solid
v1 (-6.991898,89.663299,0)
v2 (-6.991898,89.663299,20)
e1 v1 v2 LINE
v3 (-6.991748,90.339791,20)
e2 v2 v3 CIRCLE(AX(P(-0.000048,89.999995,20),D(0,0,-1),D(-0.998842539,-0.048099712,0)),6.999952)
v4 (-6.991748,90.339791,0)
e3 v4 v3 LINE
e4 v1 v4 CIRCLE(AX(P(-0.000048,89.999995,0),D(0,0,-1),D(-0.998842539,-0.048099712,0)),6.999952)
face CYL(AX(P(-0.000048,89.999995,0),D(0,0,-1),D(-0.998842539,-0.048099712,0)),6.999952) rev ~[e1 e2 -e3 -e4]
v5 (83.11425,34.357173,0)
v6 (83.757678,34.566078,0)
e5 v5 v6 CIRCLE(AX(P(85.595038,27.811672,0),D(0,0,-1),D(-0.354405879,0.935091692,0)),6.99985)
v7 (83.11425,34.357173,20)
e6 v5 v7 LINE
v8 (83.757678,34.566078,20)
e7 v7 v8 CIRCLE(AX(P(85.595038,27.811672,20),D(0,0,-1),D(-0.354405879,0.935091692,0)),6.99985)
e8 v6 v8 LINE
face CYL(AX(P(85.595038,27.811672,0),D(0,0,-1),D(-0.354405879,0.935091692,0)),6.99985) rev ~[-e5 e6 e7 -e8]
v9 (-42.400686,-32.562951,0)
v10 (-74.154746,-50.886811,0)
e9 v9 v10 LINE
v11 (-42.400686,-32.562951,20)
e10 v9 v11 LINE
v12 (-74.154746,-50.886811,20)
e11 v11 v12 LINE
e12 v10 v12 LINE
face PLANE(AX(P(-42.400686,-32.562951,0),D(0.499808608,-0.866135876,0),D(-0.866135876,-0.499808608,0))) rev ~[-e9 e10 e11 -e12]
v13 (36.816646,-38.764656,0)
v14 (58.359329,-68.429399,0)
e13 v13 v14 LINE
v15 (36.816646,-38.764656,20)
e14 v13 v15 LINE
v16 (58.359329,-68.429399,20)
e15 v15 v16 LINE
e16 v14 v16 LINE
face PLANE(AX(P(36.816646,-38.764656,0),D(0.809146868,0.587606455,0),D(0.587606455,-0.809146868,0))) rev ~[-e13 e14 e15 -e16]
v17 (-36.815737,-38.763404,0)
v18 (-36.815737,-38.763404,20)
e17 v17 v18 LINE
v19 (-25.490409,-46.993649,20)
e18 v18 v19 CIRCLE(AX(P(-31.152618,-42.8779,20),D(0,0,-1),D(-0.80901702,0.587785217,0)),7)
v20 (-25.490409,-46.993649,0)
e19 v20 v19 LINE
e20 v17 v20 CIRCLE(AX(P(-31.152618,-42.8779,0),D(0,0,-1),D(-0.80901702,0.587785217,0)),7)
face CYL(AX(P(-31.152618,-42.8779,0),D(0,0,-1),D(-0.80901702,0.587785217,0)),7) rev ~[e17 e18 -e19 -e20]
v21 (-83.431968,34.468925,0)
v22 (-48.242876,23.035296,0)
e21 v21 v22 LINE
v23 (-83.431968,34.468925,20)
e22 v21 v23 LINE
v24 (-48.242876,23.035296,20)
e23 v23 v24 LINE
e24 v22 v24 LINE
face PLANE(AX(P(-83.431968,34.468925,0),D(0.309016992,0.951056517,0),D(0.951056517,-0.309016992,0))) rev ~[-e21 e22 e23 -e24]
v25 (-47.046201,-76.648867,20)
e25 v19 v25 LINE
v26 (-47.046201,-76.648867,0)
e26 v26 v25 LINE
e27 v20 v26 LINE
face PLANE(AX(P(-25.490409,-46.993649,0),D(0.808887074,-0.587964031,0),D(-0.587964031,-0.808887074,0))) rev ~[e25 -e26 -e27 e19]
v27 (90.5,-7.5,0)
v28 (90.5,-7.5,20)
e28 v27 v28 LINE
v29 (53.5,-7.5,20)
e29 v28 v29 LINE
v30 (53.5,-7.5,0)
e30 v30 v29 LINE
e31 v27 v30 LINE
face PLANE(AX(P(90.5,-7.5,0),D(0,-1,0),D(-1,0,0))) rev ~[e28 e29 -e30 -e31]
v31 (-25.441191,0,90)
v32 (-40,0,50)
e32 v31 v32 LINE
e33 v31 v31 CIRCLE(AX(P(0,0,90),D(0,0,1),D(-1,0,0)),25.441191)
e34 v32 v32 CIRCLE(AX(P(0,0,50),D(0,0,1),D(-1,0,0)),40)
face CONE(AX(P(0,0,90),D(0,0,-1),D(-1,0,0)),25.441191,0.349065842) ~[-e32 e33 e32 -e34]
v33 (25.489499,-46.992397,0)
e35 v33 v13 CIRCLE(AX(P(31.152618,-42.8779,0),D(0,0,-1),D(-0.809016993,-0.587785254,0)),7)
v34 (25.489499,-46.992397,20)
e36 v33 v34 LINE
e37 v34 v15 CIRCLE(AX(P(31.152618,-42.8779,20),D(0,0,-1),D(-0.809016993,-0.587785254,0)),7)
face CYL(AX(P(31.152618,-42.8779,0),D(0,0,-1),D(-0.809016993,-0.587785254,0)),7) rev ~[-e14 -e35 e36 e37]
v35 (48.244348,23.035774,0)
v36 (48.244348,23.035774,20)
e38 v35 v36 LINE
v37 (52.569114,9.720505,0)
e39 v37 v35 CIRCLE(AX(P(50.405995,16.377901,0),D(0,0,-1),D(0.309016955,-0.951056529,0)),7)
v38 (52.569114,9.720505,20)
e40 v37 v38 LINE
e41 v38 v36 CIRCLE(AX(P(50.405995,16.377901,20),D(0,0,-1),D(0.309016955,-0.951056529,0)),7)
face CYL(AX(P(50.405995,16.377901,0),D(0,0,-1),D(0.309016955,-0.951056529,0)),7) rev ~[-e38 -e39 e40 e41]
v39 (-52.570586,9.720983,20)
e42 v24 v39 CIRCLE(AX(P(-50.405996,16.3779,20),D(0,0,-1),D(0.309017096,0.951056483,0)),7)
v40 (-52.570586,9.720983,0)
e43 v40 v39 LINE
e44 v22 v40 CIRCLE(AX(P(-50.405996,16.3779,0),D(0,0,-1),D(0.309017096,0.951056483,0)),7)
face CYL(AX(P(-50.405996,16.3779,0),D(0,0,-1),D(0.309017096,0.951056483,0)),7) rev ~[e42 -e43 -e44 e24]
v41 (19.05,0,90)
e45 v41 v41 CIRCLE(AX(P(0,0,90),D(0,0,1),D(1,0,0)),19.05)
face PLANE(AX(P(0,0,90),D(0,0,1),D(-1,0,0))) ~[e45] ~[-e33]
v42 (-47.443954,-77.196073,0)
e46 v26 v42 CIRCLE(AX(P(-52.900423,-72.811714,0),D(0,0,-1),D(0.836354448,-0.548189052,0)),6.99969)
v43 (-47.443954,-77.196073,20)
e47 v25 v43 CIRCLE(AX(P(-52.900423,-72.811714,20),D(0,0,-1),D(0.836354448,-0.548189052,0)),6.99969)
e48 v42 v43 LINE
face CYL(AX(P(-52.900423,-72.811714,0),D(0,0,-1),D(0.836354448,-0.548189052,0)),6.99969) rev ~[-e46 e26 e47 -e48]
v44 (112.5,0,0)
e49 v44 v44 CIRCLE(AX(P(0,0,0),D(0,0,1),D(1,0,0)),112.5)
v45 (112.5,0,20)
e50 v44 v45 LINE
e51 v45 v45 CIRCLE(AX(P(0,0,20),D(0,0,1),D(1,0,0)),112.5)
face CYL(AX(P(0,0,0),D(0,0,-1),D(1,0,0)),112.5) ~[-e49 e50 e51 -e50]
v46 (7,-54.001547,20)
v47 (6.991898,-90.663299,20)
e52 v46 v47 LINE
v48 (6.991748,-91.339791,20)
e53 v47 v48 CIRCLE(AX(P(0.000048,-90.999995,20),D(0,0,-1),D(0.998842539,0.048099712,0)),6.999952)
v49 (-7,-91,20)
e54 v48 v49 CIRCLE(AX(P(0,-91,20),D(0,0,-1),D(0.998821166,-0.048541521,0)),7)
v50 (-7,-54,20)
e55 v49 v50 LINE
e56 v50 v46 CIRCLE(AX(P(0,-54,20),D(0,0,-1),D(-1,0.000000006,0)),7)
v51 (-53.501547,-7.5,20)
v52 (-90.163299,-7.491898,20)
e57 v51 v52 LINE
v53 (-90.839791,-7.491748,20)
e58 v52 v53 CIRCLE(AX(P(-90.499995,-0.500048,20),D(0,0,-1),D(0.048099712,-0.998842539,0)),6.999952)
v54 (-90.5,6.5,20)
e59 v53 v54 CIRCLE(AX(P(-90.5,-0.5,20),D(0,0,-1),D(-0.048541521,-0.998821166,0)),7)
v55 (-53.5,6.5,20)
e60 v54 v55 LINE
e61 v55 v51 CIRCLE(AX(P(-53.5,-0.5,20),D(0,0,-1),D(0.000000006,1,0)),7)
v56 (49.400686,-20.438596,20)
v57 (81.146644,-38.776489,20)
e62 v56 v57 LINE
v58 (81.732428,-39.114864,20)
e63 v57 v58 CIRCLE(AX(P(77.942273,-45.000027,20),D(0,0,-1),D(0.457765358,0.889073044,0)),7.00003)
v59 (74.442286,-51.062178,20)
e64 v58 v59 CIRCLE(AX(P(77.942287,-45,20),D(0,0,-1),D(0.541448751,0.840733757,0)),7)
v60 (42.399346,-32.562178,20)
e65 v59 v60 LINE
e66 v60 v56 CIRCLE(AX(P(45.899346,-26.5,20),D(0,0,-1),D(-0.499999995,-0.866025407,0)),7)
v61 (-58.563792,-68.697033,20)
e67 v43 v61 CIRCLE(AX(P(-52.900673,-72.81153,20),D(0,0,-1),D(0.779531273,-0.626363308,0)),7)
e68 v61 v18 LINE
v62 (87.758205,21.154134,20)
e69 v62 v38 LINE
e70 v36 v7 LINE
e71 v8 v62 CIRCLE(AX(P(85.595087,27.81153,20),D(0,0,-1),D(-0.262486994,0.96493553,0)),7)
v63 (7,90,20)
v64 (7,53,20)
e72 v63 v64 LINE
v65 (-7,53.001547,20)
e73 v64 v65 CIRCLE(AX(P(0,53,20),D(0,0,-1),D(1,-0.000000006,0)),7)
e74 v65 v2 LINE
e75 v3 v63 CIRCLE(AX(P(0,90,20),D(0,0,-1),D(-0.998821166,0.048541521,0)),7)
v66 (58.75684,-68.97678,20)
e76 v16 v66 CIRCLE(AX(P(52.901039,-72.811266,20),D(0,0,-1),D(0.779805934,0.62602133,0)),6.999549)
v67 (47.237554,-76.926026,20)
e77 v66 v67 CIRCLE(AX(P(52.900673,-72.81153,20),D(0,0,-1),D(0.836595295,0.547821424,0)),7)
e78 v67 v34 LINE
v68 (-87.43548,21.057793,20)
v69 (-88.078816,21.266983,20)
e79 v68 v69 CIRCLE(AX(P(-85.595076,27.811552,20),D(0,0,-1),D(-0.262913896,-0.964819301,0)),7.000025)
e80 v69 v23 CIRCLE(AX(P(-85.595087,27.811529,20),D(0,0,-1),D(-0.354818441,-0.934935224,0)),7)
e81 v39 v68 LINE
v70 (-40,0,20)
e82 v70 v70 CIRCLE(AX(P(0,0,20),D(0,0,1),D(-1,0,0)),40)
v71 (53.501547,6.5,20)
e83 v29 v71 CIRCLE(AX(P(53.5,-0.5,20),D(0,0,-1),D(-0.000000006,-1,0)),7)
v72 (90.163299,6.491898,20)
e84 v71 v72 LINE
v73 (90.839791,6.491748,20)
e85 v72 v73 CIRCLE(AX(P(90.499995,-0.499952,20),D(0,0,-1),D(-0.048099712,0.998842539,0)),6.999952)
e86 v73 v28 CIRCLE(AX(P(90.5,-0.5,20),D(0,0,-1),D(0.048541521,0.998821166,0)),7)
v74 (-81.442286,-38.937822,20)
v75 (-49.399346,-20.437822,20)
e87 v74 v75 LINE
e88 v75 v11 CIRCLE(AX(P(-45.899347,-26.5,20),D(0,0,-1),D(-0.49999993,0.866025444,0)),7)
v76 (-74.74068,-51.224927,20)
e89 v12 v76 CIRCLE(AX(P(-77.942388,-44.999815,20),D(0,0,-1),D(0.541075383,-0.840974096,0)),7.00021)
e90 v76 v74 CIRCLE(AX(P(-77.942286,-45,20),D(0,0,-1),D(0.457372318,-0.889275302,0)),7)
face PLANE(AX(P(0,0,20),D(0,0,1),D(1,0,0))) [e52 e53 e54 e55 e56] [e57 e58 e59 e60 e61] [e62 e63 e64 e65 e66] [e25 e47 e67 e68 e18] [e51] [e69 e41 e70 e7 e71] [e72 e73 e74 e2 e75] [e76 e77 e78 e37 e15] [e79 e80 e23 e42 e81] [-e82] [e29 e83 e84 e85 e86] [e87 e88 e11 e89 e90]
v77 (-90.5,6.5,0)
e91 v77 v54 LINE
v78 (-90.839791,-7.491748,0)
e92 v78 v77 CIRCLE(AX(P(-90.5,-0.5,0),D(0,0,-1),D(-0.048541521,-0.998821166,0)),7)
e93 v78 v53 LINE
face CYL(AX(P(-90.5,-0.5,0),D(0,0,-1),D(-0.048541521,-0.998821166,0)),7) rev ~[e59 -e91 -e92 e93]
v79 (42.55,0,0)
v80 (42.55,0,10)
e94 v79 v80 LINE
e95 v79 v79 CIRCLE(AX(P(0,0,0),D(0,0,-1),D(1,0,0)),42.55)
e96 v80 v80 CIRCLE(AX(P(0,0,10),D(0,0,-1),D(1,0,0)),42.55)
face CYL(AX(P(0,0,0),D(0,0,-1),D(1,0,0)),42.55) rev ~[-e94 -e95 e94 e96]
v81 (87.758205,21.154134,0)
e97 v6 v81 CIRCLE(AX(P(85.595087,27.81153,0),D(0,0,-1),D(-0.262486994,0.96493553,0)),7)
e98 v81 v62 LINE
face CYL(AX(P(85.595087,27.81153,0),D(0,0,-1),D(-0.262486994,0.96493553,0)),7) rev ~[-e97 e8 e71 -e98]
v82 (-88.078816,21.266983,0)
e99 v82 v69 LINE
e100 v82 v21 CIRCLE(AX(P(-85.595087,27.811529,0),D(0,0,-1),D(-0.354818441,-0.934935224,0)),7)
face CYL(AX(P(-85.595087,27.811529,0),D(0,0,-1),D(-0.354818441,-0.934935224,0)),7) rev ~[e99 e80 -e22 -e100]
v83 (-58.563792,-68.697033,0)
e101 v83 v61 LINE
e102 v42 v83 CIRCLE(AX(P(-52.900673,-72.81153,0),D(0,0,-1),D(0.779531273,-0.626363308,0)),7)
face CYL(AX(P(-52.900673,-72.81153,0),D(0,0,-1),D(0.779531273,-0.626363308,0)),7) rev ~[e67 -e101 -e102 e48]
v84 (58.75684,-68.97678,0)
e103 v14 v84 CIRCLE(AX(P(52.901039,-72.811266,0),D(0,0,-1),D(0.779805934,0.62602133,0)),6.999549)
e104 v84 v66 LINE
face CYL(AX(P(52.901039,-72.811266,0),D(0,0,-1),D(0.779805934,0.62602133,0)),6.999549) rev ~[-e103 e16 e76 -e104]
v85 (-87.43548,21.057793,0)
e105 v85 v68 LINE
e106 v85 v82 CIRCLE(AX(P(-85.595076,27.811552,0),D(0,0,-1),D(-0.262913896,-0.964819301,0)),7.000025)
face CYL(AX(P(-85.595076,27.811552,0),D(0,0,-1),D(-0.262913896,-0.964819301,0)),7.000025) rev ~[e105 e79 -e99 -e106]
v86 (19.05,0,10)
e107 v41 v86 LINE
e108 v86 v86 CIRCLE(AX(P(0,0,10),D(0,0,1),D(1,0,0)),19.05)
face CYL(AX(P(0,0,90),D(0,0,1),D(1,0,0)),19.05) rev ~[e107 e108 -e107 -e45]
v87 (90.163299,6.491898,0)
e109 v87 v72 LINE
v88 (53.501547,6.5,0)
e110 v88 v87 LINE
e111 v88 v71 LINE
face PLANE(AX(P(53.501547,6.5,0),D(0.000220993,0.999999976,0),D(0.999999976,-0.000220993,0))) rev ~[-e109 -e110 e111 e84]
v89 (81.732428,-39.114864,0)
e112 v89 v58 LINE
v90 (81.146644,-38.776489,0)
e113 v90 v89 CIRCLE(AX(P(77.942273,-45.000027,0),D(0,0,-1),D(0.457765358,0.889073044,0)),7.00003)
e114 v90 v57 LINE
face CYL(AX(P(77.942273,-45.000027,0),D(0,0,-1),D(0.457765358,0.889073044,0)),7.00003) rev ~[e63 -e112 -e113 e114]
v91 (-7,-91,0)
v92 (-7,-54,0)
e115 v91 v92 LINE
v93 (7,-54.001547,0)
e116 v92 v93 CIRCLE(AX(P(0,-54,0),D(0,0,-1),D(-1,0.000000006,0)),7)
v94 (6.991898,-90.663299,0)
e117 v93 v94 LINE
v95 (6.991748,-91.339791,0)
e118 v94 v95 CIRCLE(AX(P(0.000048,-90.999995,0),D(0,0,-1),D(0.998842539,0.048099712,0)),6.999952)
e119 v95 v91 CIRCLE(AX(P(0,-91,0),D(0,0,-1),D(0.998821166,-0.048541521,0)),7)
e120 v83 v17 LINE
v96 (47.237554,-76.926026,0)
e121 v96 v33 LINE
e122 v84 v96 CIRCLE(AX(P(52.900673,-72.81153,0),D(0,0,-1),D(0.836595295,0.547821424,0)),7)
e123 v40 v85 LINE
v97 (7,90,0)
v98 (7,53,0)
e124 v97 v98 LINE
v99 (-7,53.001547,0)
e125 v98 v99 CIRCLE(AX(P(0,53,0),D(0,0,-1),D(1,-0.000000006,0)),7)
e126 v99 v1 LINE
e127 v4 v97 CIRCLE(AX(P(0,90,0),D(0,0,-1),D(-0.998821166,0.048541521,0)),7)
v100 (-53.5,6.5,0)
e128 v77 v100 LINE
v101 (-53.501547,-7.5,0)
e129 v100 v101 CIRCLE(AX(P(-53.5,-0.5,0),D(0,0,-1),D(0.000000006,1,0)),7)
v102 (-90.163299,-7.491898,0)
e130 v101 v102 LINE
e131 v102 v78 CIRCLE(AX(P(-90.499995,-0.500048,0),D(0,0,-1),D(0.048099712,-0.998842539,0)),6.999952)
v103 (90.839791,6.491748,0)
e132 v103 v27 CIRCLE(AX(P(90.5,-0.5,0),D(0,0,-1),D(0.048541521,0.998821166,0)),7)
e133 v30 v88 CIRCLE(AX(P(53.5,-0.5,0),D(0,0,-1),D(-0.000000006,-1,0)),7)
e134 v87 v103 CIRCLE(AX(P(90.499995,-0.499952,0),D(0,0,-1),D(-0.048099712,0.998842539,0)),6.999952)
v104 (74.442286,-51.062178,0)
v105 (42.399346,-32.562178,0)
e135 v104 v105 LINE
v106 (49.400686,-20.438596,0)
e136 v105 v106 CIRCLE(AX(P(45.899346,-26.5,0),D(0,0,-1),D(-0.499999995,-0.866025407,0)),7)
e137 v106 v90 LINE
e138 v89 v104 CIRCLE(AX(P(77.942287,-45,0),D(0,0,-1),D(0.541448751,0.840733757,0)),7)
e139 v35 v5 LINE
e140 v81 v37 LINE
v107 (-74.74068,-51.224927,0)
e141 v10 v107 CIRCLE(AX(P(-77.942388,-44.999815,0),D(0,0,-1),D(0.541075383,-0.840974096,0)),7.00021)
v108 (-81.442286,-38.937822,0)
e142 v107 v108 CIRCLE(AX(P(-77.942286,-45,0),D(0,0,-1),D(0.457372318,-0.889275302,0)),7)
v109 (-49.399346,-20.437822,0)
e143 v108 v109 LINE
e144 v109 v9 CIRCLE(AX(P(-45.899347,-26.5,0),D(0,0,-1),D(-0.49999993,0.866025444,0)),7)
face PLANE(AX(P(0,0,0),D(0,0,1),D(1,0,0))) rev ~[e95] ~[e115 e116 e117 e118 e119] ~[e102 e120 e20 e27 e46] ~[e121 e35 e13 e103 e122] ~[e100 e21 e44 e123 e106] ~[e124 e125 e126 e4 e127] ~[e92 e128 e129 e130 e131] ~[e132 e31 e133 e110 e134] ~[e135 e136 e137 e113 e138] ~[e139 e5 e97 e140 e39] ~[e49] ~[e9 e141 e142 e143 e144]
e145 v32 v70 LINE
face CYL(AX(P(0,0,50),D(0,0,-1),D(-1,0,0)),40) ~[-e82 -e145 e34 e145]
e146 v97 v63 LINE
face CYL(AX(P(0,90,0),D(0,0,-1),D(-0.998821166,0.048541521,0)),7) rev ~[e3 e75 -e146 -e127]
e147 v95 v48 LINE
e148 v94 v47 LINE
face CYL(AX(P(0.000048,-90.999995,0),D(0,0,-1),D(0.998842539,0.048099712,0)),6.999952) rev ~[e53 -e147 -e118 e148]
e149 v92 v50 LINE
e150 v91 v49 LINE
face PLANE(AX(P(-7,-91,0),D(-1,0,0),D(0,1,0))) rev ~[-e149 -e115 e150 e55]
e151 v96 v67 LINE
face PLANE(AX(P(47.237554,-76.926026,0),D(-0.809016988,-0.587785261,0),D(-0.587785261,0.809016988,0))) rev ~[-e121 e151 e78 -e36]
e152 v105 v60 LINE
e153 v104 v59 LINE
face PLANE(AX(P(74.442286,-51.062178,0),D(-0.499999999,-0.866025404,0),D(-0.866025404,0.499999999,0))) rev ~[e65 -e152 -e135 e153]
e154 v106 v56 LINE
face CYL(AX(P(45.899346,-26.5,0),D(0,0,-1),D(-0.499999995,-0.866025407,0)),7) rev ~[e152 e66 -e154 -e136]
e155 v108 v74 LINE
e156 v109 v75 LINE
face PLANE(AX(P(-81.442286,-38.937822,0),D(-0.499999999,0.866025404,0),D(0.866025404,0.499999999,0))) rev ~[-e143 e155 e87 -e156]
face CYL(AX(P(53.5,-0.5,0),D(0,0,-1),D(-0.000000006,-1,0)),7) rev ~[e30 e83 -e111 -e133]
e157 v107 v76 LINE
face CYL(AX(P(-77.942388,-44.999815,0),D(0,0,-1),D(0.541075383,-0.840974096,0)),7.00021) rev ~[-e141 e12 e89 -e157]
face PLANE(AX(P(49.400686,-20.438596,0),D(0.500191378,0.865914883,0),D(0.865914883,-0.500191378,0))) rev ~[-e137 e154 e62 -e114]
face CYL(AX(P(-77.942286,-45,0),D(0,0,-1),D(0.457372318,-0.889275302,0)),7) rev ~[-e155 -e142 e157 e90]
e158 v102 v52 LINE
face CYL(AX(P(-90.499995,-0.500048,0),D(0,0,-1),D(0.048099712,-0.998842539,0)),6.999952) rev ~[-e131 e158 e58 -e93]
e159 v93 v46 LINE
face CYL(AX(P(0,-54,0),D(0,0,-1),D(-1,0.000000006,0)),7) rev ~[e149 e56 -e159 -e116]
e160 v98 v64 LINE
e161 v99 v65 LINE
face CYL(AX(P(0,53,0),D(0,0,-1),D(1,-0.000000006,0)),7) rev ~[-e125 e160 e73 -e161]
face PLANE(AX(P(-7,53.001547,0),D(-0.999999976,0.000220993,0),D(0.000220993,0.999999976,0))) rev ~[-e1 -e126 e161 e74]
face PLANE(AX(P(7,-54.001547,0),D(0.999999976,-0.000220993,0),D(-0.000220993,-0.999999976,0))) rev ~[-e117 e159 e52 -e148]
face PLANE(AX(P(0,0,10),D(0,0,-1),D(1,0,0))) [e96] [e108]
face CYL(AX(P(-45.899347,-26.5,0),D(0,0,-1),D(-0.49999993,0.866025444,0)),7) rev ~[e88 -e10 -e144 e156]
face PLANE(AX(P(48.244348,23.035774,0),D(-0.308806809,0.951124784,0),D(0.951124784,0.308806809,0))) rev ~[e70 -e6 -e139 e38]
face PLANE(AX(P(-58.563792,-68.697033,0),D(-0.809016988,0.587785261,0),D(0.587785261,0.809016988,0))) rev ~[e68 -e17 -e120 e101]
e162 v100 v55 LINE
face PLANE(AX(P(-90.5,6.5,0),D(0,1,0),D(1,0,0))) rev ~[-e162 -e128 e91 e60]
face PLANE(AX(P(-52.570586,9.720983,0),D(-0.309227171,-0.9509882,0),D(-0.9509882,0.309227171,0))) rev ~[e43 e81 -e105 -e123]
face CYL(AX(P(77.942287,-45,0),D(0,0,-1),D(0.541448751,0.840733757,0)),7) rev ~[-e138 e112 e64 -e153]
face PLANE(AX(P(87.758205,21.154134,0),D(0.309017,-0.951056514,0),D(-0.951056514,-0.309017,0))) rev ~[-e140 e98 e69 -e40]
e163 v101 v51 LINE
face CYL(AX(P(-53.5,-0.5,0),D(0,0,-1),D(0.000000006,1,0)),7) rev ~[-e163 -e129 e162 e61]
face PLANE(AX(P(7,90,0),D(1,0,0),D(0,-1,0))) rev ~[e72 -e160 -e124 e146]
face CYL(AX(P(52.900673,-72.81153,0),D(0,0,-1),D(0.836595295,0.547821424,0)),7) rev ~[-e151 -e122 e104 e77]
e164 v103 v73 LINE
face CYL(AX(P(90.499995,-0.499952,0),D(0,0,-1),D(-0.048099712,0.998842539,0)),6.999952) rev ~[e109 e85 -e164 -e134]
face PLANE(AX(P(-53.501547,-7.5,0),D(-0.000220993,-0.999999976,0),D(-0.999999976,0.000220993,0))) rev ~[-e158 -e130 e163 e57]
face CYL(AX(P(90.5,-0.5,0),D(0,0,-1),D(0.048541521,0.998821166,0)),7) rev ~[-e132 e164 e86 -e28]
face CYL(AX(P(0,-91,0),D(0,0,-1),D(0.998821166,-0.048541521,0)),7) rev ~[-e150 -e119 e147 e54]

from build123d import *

# Parameters (mm, degrees)
F0_R     = 112.5
F1_DEPTH = 20
F4_R     = 19.05
F5_DEPTH = 90
F6_R     = 42.55
F7_DEPTH = 10


with BuildPart() as f1:
    # F0 (on Top) → F1 (new body)
    with BuildSketch(Plane.XY):
        Circle(F0_R)
        with BuildLine():
            ThreePointArc((-47.443954, -77.196073), (-57.151446, -78.373088), (-58.563792, -68.697033))
            Line((-58.563792, -68.697033), (-36.815737, -38.763404))
            ThreePointArc((-36.815737, -38.763404), (-27.037496, -37.215236), (-25.490409, -46.993649))
            Line((-25.490409, -46.993649), (-47.046201, -76.648867))
            ThreePointArc((-47.046201, -76.648867), (-47.238463, -76.927278), (-47.443954, -77.196073))
        make_face(mode=Mode.SUBTRACT)
        with BuildLine():
            ThreePointArc((-74.74068, -51.224927), (-84.08765, -48.351791), (-81.442286, -38.937822))
            Line((-81.442286, -38.937822), (-49.399346, -20.437822))
            ThreePointArc((-49.399346, -20.437822), (-39.836782, -23.00067), (-42.400686, -32.562951))
            Line((-42.400686, -32.562951), (-74.154746, -50.886811))
            ThreePointArc((-74.154746, -50.886811), (-74.443626, -51.062951), (-74.74068, -51.224927))
        make_face(mode=Mode.SUBTRACT)
        with BuildLine():
            ThreePointArc((-90.839791, -7.491748), (-97.497937, -0.330054), (-90.5, 6.5))
            Line((-90.5, 6.5), (-53.5, 6.5))
            ThreePointArc((-53.5, 6.5), (-46.5, -0.500773), (-53.501547, -7.5))
            Line((-53.501547, -7.5), (-90.163299, -7.491898))
            ThreePointArc((-90.163299, -7.491898), (-90.501547, -7.5), (-90.839791, -7.491748))
        make_face(mode=Mode.SUBTRACT)
        with BuildLine():
            ThreePointArc((6.991748, -91.339791), (-0.169946, -97.997937), (-7, -91))
            Line((-7, -91), (-7, -54))
            ThreePointArc((-7, -54), (0.000773, -47), (7, -54.001547))
            Line((7, -54.001547), (6.991898, -90.663299))
            ThreePointArc((6.991898, -90.663299), (7, -91.001547), (6.991748, -91.339791))
        make_face(mode=Mode.SUBTRACT)
        with BuildLine():
            ThreePointArc((58.75684, -68.97678), (56.876468, -78.572871), (47.237554, -76.926026))
            Line((47.237554, -76.926026), (25.489499, -46.992397))
            ThreePointArc((25.489499, -46.992397), (27.038747, -37.214327), (36.816646, -38.764656))
            Line((36.816646, -38.764656), (58.359329, -68.429399))
            ThreePointArc((58.359329, -68.429399), (58.564701, -68.698284), (58.75684, -68.97678))
        make_face(mode=Mode.SUBTRACT)
        with BuildLine():
            ThreePointArc((81.732428, -39.114864), (83.917705, -48.646146), (74.442286, -51.062178))
            Line((74.442286, -51.062178), (42.399346, -32.562178))
            ThreePointArc((42.399346, -32.562178), (39.837555, -22.99933), (49.400686, -20.438596))
            Line((49.400686, -20.438596), (81.146644, -38.776489))
            ThreePointArc((81.146644, -38.776489), (81.443626, -38.938596), (81.732428, -39.114864))
        make_face(mode=Mode.SUBTRACT)
        with BuildLine():
            ThreePointArc((90.839791, 6.491748), (97.497937, -0.669946), (90.5, -7.5))
            Line((90.5, -7.5), (53.5, -7.5))
            ThreePointArc((53.5, -7.5), (46.5, -0.499227), (53.501547, 6.5))
            Line((53.501547, 6.5), (90.163299, 6.491898))
            ThreePointArc((90.163299, 6.491898), (90.501547, 6.5), (90.839791, 6.491748))
        make_face(mode=Mode.SUBTRACT)
        with BuildLine():
            ThreePointArc((-88.078816, 21.266983), (-92.198004, 30.135639), (-83.431968, 34.468925))
            Line((-83.431968, 34.468925), (-48.242876, 23.035296))
            ThreePointArc((-48.242876, 23.035296), (-43.748839, 14.214046), (-52.570586, 9.720983))
            Line((-52.570586, 9.720983), (-87.43548, 21.057793))
            ThreePointArc((-87.43548, 21.057793), (-87.759677, 21.154612), (-88.078816, 21.266983))
        make_face(mode=Mode.SUBTRACT)
        with BuildLine():
            ThreePointArc((83.757678, 34.566078), (92.303036, 29.812383), (87.758205, 21.154134))
            Line((87.758205, 21.154134), (52.569114, 9.720505))
            ThreePointArc((52.569114, 9.720505), (43.748361, 14.215517), (48.244348, 23.035774))
            Line((48.244348, 23.035774), (83.11425, 34.357173))
            ThreePointArc((83.11425, 34.357173), (83.433439, 34.469403), (83.757678, 34.566078))
        make_face(mode=Mode.SUBTRACT)
        with BuildLine():
            ThreePointArc((7, 53), (-0.000773, 46), (-7, 53.001547))
            Line((-7, 53.001547), (-6.991898, 89.663299))
            ThreePointArc((-6.991898, 89.663299), (-7, 90.001547), (-6.991748, 90.339791))
            ThreePointArc((-6.991748, 90.339791), (0.169946, 96.997937), (7, 90))
            Line((7, 90), (7, 53))
        make_face(mode=Mode.SUBTRACT)
    extrude(amount=F1_DEPTH)

    # F2 (on Front) → F3 (revolve)
    with BuildSketch(Plane.XZ):
        Polygon((-40, 50), (-40, 20), (0, 20), (0, 90), (-25.441191, 90), align=None)
    revolve(axis=Axis((0, 0, 55), (0, 0, 1)))

    # F4 (on face) → F5 (cut, through all)
    with BuildSketch(Plane.XY.offset(90)):
        Circle(F4_R)
    extrude(amount=-F5_DEPTH, mode=Mode.SUBTRACT)

    # F6 (on face) → F7 (cut)
    with BuildSketch(Plane(origin=(0, 0, 0), x_dir=(1, 0, 0), z_dir=(0, 0, -1))):
        Circle(F6_R)
    extrude(amount=-F7_DEPTH, mode=Mode.SUBTRACT)


solid = f1.part
